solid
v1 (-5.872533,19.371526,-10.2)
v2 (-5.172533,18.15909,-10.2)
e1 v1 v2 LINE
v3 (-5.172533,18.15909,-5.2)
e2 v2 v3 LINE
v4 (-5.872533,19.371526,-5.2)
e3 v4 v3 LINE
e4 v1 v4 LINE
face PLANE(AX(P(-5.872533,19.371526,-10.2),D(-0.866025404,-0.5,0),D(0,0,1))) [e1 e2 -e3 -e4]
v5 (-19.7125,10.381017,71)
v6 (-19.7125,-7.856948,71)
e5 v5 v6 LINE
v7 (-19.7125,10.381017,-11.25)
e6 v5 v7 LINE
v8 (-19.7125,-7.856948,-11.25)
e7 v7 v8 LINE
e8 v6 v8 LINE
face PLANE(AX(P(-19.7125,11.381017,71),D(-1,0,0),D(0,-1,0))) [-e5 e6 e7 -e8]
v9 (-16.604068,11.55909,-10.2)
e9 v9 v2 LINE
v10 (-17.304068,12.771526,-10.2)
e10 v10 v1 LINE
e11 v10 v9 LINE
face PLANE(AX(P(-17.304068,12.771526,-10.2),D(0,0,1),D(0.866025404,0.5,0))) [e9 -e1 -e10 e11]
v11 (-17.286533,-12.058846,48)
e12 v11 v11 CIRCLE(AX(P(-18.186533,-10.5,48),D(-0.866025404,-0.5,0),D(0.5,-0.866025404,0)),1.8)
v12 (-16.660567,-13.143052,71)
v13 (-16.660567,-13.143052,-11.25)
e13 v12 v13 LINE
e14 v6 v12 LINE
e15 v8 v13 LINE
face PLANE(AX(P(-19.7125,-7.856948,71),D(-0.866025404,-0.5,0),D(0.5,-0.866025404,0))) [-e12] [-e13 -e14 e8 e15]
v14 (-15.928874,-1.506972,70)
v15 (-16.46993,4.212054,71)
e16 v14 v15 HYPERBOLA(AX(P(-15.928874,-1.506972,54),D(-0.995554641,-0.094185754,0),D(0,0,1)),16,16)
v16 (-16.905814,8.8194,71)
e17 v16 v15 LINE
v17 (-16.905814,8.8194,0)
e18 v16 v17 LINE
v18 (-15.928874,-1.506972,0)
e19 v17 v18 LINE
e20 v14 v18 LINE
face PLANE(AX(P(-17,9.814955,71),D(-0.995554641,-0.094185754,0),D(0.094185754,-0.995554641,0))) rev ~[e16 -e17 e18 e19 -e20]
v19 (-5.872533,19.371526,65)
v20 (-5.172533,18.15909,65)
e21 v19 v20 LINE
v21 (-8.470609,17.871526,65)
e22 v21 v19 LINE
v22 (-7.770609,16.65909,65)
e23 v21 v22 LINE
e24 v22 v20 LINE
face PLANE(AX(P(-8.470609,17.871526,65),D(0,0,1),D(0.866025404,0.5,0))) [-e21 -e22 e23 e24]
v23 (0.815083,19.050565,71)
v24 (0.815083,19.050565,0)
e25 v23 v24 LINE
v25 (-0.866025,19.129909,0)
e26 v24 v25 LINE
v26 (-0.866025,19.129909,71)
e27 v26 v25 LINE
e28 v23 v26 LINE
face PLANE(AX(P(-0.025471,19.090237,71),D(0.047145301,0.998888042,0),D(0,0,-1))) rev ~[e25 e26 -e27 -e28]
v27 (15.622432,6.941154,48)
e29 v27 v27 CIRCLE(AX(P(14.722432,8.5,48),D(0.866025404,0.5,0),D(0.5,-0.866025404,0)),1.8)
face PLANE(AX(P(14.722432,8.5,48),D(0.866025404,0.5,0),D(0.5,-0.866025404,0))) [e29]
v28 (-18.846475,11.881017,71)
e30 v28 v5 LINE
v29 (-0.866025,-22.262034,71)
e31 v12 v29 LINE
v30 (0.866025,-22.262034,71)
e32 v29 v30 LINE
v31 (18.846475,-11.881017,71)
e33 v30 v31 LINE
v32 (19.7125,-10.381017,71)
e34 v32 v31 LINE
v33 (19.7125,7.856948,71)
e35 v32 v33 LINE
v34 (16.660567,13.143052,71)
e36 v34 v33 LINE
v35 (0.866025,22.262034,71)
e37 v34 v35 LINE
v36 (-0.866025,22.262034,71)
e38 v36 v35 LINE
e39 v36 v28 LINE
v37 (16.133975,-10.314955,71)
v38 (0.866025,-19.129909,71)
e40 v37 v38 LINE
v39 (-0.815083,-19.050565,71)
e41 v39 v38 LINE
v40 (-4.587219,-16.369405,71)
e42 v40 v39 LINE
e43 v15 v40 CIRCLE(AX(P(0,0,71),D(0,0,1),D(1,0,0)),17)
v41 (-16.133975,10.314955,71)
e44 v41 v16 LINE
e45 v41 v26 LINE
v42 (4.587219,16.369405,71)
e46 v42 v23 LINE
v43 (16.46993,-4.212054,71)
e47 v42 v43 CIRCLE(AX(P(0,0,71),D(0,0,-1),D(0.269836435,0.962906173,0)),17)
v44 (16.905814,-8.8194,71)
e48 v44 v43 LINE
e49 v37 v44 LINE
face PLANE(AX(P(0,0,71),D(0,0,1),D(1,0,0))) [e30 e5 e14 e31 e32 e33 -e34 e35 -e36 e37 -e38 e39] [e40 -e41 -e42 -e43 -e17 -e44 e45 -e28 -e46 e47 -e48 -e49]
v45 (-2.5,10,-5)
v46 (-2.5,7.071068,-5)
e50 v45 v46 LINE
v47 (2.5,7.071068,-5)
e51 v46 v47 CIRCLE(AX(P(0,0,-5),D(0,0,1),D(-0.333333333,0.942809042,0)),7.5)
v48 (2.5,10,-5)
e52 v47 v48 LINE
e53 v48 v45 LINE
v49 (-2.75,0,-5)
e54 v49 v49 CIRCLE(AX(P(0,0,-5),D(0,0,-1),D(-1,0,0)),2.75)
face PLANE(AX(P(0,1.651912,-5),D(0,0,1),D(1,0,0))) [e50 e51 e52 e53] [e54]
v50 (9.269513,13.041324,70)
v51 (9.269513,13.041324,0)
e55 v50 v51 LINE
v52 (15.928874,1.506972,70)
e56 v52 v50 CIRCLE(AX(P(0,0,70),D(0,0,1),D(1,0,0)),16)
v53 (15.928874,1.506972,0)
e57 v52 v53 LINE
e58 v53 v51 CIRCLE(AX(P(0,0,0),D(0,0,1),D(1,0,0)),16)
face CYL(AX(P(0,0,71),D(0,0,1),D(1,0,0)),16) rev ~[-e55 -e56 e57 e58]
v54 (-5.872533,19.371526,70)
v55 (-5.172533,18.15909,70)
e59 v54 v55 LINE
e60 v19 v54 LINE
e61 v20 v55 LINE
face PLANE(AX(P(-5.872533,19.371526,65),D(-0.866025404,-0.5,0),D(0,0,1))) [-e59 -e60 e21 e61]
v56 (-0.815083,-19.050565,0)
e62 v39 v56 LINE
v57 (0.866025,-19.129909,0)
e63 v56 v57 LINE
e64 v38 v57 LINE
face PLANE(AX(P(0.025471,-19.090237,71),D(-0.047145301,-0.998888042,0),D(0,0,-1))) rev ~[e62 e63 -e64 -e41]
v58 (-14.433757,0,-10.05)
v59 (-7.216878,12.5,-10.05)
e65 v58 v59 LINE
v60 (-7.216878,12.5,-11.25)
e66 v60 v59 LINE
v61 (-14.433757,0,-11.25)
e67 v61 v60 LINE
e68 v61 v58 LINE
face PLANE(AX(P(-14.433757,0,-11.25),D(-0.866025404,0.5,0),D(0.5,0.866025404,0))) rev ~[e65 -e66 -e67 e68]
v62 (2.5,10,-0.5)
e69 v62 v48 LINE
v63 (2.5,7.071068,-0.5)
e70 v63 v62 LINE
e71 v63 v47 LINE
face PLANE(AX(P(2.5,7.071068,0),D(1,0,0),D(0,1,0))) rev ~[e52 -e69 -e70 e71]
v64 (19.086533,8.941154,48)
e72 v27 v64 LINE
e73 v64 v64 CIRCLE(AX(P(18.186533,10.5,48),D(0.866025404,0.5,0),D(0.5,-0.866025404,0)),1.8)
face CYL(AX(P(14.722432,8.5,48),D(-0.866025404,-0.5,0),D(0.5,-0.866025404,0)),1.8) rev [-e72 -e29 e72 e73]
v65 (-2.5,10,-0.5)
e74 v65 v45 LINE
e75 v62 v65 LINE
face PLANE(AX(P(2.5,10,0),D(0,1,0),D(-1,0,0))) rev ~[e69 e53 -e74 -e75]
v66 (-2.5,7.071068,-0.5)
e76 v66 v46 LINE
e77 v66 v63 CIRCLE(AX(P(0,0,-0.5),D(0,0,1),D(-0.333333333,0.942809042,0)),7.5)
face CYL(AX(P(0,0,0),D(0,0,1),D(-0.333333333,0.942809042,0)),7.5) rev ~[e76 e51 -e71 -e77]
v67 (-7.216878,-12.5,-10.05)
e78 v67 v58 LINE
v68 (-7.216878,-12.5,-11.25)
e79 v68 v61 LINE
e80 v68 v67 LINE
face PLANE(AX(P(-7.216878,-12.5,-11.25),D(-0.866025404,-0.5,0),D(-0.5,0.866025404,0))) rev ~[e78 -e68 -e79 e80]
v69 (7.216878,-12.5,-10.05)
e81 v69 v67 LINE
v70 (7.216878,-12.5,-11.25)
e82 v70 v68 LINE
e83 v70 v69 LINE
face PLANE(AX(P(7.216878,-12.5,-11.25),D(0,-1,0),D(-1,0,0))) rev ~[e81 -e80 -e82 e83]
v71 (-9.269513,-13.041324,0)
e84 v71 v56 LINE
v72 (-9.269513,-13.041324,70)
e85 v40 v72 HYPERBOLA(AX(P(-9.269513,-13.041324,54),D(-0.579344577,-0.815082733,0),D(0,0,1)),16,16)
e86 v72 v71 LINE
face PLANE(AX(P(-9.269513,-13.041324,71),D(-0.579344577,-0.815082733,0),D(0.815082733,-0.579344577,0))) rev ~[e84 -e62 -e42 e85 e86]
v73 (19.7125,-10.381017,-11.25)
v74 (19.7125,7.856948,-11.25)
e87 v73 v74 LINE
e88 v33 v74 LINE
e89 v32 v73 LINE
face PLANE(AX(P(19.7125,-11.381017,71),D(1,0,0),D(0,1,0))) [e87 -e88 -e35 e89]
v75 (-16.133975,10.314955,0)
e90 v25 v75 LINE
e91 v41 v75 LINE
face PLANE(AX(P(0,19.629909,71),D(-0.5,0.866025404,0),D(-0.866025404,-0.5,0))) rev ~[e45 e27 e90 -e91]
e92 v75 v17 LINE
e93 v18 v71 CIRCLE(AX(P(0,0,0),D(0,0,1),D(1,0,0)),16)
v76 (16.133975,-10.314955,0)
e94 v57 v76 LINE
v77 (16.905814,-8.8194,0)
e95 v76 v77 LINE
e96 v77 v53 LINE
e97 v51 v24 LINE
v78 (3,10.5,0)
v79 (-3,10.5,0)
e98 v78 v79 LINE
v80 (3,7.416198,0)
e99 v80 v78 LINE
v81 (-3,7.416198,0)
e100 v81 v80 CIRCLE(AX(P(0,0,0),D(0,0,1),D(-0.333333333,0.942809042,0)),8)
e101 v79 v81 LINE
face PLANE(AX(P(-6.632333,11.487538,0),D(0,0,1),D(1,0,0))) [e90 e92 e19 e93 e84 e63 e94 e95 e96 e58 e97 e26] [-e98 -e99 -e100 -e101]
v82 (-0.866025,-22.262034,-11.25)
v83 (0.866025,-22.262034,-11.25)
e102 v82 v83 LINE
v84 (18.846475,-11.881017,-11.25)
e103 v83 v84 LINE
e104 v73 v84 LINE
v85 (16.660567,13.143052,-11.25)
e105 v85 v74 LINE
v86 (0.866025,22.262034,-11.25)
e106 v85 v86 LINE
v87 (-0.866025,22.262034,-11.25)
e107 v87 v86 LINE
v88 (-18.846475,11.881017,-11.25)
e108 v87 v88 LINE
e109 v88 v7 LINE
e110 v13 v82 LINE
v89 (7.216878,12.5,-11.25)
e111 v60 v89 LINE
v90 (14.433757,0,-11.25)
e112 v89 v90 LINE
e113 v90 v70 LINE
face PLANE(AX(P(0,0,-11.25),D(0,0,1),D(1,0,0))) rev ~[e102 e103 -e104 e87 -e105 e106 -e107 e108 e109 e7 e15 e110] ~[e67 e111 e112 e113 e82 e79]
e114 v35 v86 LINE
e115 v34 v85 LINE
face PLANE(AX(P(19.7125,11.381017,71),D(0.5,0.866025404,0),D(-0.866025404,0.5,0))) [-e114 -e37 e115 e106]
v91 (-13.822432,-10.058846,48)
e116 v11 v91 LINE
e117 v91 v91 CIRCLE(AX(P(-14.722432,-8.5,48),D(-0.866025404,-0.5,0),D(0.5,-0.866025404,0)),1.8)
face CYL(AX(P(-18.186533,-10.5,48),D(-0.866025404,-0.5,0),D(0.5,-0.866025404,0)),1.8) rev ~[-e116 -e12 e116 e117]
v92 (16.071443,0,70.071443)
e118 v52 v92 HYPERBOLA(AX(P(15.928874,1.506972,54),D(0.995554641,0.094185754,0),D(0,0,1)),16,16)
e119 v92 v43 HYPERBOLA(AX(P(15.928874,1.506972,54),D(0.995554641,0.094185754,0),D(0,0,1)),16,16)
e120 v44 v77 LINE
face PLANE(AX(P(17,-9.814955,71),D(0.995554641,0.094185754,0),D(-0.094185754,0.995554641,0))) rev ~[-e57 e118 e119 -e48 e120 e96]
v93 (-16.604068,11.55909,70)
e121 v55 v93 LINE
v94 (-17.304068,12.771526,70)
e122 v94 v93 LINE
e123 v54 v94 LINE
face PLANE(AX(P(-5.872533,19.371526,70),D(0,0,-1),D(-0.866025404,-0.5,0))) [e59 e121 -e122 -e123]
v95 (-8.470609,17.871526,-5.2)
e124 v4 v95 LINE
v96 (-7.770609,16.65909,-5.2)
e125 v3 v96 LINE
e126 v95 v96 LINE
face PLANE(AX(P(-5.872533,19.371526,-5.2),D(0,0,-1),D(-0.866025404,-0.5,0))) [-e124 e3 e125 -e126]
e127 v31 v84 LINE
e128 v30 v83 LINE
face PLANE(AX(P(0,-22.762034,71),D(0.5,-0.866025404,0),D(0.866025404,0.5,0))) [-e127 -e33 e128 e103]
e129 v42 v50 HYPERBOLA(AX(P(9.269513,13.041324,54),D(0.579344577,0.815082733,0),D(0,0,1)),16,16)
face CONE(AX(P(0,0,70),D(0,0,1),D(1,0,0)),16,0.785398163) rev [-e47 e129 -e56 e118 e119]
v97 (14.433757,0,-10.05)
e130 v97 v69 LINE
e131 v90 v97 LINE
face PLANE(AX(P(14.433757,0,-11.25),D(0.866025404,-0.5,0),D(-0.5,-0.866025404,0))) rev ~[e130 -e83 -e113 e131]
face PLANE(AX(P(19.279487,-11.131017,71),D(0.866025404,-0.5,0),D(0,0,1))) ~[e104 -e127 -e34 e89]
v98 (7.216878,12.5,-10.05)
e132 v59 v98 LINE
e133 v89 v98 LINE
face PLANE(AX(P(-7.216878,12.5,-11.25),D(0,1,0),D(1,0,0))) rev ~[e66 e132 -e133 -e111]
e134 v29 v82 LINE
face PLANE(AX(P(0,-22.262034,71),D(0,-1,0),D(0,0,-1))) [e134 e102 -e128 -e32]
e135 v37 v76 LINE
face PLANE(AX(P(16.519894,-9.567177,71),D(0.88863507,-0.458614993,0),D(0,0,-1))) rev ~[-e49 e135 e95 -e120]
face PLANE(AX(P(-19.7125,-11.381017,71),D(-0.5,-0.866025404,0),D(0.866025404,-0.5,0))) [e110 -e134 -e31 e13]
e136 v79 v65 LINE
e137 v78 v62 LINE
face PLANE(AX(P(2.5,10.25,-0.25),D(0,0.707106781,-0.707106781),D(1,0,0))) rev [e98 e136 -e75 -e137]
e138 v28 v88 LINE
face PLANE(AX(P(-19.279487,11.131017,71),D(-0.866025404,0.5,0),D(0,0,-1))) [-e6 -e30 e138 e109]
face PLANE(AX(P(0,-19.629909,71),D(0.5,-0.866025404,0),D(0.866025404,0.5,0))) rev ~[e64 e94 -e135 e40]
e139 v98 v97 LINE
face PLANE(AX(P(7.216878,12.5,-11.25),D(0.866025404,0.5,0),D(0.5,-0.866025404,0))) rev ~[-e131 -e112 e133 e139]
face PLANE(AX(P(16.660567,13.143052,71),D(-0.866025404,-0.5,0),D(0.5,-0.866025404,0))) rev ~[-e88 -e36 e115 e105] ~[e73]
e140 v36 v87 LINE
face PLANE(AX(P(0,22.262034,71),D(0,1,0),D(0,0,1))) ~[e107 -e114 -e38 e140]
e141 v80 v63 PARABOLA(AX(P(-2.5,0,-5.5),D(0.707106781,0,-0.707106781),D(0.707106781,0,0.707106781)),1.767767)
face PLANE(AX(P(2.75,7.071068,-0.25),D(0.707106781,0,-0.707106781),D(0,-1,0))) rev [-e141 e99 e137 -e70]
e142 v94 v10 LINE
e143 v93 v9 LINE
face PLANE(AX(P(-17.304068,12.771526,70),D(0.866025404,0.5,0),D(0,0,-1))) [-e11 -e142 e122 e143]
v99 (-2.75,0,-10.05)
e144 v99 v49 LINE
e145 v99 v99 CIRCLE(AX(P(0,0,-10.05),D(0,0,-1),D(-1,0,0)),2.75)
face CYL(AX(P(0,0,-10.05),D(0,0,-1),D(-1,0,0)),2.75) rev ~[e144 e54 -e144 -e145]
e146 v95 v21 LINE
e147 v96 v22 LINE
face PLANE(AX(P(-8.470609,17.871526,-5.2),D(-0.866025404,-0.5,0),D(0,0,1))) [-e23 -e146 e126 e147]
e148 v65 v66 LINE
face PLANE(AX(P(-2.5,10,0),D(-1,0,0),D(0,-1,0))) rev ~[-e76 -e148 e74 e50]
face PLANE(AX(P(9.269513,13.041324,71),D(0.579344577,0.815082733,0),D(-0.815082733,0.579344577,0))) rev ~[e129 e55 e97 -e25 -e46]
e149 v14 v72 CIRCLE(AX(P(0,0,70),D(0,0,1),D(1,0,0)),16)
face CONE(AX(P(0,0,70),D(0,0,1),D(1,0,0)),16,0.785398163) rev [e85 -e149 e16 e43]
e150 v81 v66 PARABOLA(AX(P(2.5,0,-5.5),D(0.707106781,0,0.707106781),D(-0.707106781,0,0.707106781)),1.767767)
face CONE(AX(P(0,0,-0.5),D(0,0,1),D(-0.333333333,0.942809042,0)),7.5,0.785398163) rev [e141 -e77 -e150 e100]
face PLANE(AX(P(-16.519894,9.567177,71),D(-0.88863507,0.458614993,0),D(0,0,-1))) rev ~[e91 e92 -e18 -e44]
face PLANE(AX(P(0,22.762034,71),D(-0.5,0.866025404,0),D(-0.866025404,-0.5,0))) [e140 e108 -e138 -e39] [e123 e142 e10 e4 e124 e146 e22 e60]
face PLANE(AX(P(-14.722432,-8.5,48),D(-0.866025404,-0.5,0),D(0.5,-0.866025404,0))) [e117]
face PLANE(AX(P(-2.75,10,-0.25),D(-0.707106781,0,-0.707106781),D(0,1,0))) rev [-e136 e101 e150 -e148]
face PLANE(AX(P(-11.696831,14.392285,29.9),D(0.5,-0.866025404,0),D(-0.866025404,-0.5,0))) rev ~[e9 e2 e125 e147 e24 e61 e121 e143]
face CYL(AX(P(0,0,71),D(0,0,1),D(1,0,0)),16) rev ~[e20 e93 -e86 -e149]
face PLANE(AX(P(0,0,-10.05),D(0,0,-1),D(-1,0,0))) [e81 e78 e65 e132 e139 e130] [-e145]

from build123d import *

# Parameters (mm, degrees)
SKETCH2_R               = 16
BOSS_EXTRUDE1_DEPTH     = 82.25
CUT_EXTRUDE1_DEPTH      = 97.457244414
CUT_EXTRUDE1_DEPTH_BACK = 97.457244414
SKETCH3_W               = 152.01959988
SKETCH3_H               = 124.433031562
CUT_EXTRUDE2_DEPTH      = 1.4
CHAMFER2_SIZE           = 1
CHAMFER3_SIZE           = 1
CUT_EXTRUDE3_DEPTH      = 71
CHAMFER4_SIZE           = 1
CUT_EXTRUDE4_DEPTH      = 1.2
SKETCH8_R               = 2.75
CUT_EXTRUDE5_DEPTH      = 87.332400234
CUT_EXTRUDE7_DEPTH      = 5
CHAMFER5_SIZE           = 0.5
CUT_EXTRUDE8_DEPTH      = 88.459952722
SKETCH12_R              = 1.8
CUT_EXTRUDE9_DEPTH      = 4
CUT_EXTRUDE10_START     = -4
SKETCH13_R              = 1.8
CUT_EXTRUDE10_DEPTH     = 4


with BuildPart() as part:
    # Sketch1 → Revolve1 (revolve)
    with BuildSketch(Plane(origin=(0, 0, 0), x_dir=(1, 0, 0), z_dir=(0, 1, 0))):
        Polygon((0, 0), (16.125, 0), (16.125, -71), (19.65, -71), (19.65, 68), (24.95, 68), (24.95, 73), (28.1, 73), (28.1, 68), (42, 68), (42, 76), (16.65, 76), (16.65, 18.004366875), (12.193967069, 18.004366875), (12.193967069, 24.882682167), (0, 24.882682167), align=None)
    revolve(axis=Axis((0, 0, 39.840023079), (0, 0, -1)))

    # Sketch2 → Boss-Extrude1 (add)
    with BuildSketch(Plane.XY.offset(71)):
        Polygon((0, 22.762034363), (-19.7125, 11.381017181), (-19.7125, -11.381017181), (0, -22.762034363), (19.7125, -11.381017181), (19.7125, 11.381017181), align=None)
        Circle(SKETCH2_R, mode=Mode.SUBTRACT)
    extrude(amount=-BOSS_EXTRUDE1_DEPTH)

    # Sketch3 → Cut-Extrude1 (cut, two sides: drawn at the far end of the back side and taken through both)
    with BuildSketch(Plane(origin=(0, 0, 0), x_dir=(1, 0, 0), z_dir=(0, 1, 0)).offset(-CUT_EXTRUDE1_DEPTH_BACK)):
        with Locations((6.162956752, 73.466515781)):
            Rectangle(SKETCH3_W, SKETCH3_H)
    extrude(amount=CUT_EXTRUDE1_DEPTH + CUT_EXTRUDE1_DEPTH_BACK, mode=Mode.SUBTRACT)

    # Sketch4 → Cut-Extrude2 (cut)
    with BuildSketch(Plane(origin=(-9.85625, 17.071525772, 0), x_dir=(0.8660254037844386, 0.5000000000000003, 0), z_dir=(-0.5000000000000002, 0.8660254037844385, 0))):
        Polygon((-8.6, 10.2), (4.6, 10.2), (4.6, 5.2), (1.6, 5.2), (1.6, -65), (4.6, -65), (4.6, -70), (-8.6, -70), align=None)
    extrude(amount=-CUT_EXTRUDE2_DEPTH, mode=Mode.SUBTRACT)

    # Chamfer2
    chamfer2_edges = [part.edges().sort_by_distance(p)[0] for p in [
        (0, 22.762034363, 29.875),
        (19.7125, 11.381017181, 29.875),
        (19.7125, -11.381017181, 29.875),
        (0, -22.762034363, 29.875),
        (-19.7125, -11.381017181, 29.875),
        (-19.7125, 11.381017181, 29.875),
    ]]
    chamfer(chamfer2_edges, length=CHAMFER2_SIZE)

    # Chamfer3
    chamfer3_edges = [part.edges().sort_by_distance(p)[0] for p in [
        (-16, 0, 71),
    ]]
    chamfer(chamfer3_edges, length=CHAMFER3_SIZE)

    # Sketch5 → Cut-Extrude3 (cut)
    with BuildSketch(Plane.XY.offset(71)):
        with BuildLine():
            Line((-17, 9.814954576), (-15.92887426, -1.50697207))
            ThreePointArc((-15.92887426, -1.50697207), (-8, 13.85640646), (9.269513225, 13.041323728))
            Line((9.269513225, 13.041323728), (0, 19.629909152))
            Line((0, 19.629909152), (-17, 9.814954576))
        make_face()
        with BuildLine():
            Line((0, -19.629909152), (17, -9.814954576))
            Line((17, -9.814954576), (15.92887426, 1.50697207))
            ThreePointArc((15.92887426, 1.50697207), (8, -13.856406461), (-9.269513225, -13.041323728))
            Line((-9.269513225, -13.041323728), (0, -19.629909152))
        make_face()
    extrude(amount=-CUT_EXTRUDE3_DEPTH, mode=Mode.SUBTRACT)

    # Chamfer4
    chamfer4_edges = [part.edges().sort_by_distance(p)[0] for p in [
        (0, -19.629909152, 35.5),
        (17, -9.814954576, 35.5),
        (0, 19.629909152, 35.5),
        (-17, 9.814954576, 35.5),
    ]]
    chamfer(chamfer4_edges, length=CHAMFER4_SIZE)

    # Sketch6 → Cut-Extrude4 (cut)
    with BuildSketch(Plane(origin=(0, 0, -11.25), x_dir=(-1, 0, 0), z_dir=(0, 0, -1))):
        Polygon((-7.216878365, 12.5), (-14.43375673, 0), (-7.216878365, -12.5), (7.216878365, -12.5), (14.43375673, 0), (7.216878365, 12.5), align=None)
    extrude(amount=-CUT_EXTRUDE4_DEPTH, mode=Mode.SUBTRACT)

    # Sketch8 → Cut-Extrude5 (cut, through all)
    with BuildSketch(Plane(origin=(0, 0, -10.05), x_dir=(-1, 0, 0), z_dir=(0, 0, -1))):
        Circle(SKETCH8_R)
    extrude(amount=-CUT_EXTRUDE5_DEPTH, mode=Mode.SUBTRACT)

    # Sketch10 → Cut-Extrude7 (cut)
    with BuildSketch(Plane.XY):
        with BuildLine():
            Line((2.5, 10), (-2.5, 10))
            Line((-2.5, 10), (-2.5, 7.071067812))
            ThreePointArc((-2.5, 7.071067812), (0, -7.5), (2.5, 7.071067812))
            Line((2.5, 7.071067812), (2.5, 10))
        make_face()
    extrude(amount=-CUT_EXTRUDE7_DEPTH, mode=Mode.SUBTRACT)

    # Chamfer5
    chamfer5_edges = [part.edges().sort_by_distance(p)[0] for p in [
        (0, -7.5, 0),
        (2.5, 8.535533906, 0),
        (0, 10, 0),
        (-2.5, 8.535533906, 0),
    ]]
    chamfer(chamfer5_edges, length=CHAMFER5_SIZE)

    # Sketch11 → Cut-Extrude8 (cut, through all)
    with BuildSketch(Plane.XY.offset(71)):
        Polygon((19.7125, 11.381017181), (16.660566959, 13.143051544), (19.7125, 7.856948456), align=None)
        Polygon((-16.660566959, -13.143051544), (-19.7125, -11.381017181), (-19.7125, -7.856948456), align=None)
    extrude(amount=-CUT_EXTRUDE8_DEPTH, mode=Mode.SUBTRACT)

    # Sketch12 → Cut-Extrude9 (cut)
    with BuildSketch(Plane(origin=(-18.186533479, -10.5, 0), x_dir=(0, 0, 1), z_dir=(-0.8660254037844382, -0.500000000000001, 0))):
        with Locations(Location((48, 0, 0), (0, 0, 270))):
            Circle(SKETCH12_R)
    extrude(amount=-CUT_EXTRUDE9_DEPTH, mode=Mode.SUBTRACT)

    # Sketch13 → Cut-Extrude10 (cut)
    with BuildSketch(Plane(origin=(18.186533479, 10.5, 0), x_dir=(0, 0, -1), z_dir=(0.8660254037844387, 0.4999999999999999, 0)).offset(CUT_EXTRUDE10_START)):
        with Locations(Location((-48, 0, 0), (0, 0, 270))):
            Circle(SKETCH13_R)
    extrude(amount=CUT_EXTRUDE10_DEPTH, mode=Mode.SUBTRACT)


solid = part.part
